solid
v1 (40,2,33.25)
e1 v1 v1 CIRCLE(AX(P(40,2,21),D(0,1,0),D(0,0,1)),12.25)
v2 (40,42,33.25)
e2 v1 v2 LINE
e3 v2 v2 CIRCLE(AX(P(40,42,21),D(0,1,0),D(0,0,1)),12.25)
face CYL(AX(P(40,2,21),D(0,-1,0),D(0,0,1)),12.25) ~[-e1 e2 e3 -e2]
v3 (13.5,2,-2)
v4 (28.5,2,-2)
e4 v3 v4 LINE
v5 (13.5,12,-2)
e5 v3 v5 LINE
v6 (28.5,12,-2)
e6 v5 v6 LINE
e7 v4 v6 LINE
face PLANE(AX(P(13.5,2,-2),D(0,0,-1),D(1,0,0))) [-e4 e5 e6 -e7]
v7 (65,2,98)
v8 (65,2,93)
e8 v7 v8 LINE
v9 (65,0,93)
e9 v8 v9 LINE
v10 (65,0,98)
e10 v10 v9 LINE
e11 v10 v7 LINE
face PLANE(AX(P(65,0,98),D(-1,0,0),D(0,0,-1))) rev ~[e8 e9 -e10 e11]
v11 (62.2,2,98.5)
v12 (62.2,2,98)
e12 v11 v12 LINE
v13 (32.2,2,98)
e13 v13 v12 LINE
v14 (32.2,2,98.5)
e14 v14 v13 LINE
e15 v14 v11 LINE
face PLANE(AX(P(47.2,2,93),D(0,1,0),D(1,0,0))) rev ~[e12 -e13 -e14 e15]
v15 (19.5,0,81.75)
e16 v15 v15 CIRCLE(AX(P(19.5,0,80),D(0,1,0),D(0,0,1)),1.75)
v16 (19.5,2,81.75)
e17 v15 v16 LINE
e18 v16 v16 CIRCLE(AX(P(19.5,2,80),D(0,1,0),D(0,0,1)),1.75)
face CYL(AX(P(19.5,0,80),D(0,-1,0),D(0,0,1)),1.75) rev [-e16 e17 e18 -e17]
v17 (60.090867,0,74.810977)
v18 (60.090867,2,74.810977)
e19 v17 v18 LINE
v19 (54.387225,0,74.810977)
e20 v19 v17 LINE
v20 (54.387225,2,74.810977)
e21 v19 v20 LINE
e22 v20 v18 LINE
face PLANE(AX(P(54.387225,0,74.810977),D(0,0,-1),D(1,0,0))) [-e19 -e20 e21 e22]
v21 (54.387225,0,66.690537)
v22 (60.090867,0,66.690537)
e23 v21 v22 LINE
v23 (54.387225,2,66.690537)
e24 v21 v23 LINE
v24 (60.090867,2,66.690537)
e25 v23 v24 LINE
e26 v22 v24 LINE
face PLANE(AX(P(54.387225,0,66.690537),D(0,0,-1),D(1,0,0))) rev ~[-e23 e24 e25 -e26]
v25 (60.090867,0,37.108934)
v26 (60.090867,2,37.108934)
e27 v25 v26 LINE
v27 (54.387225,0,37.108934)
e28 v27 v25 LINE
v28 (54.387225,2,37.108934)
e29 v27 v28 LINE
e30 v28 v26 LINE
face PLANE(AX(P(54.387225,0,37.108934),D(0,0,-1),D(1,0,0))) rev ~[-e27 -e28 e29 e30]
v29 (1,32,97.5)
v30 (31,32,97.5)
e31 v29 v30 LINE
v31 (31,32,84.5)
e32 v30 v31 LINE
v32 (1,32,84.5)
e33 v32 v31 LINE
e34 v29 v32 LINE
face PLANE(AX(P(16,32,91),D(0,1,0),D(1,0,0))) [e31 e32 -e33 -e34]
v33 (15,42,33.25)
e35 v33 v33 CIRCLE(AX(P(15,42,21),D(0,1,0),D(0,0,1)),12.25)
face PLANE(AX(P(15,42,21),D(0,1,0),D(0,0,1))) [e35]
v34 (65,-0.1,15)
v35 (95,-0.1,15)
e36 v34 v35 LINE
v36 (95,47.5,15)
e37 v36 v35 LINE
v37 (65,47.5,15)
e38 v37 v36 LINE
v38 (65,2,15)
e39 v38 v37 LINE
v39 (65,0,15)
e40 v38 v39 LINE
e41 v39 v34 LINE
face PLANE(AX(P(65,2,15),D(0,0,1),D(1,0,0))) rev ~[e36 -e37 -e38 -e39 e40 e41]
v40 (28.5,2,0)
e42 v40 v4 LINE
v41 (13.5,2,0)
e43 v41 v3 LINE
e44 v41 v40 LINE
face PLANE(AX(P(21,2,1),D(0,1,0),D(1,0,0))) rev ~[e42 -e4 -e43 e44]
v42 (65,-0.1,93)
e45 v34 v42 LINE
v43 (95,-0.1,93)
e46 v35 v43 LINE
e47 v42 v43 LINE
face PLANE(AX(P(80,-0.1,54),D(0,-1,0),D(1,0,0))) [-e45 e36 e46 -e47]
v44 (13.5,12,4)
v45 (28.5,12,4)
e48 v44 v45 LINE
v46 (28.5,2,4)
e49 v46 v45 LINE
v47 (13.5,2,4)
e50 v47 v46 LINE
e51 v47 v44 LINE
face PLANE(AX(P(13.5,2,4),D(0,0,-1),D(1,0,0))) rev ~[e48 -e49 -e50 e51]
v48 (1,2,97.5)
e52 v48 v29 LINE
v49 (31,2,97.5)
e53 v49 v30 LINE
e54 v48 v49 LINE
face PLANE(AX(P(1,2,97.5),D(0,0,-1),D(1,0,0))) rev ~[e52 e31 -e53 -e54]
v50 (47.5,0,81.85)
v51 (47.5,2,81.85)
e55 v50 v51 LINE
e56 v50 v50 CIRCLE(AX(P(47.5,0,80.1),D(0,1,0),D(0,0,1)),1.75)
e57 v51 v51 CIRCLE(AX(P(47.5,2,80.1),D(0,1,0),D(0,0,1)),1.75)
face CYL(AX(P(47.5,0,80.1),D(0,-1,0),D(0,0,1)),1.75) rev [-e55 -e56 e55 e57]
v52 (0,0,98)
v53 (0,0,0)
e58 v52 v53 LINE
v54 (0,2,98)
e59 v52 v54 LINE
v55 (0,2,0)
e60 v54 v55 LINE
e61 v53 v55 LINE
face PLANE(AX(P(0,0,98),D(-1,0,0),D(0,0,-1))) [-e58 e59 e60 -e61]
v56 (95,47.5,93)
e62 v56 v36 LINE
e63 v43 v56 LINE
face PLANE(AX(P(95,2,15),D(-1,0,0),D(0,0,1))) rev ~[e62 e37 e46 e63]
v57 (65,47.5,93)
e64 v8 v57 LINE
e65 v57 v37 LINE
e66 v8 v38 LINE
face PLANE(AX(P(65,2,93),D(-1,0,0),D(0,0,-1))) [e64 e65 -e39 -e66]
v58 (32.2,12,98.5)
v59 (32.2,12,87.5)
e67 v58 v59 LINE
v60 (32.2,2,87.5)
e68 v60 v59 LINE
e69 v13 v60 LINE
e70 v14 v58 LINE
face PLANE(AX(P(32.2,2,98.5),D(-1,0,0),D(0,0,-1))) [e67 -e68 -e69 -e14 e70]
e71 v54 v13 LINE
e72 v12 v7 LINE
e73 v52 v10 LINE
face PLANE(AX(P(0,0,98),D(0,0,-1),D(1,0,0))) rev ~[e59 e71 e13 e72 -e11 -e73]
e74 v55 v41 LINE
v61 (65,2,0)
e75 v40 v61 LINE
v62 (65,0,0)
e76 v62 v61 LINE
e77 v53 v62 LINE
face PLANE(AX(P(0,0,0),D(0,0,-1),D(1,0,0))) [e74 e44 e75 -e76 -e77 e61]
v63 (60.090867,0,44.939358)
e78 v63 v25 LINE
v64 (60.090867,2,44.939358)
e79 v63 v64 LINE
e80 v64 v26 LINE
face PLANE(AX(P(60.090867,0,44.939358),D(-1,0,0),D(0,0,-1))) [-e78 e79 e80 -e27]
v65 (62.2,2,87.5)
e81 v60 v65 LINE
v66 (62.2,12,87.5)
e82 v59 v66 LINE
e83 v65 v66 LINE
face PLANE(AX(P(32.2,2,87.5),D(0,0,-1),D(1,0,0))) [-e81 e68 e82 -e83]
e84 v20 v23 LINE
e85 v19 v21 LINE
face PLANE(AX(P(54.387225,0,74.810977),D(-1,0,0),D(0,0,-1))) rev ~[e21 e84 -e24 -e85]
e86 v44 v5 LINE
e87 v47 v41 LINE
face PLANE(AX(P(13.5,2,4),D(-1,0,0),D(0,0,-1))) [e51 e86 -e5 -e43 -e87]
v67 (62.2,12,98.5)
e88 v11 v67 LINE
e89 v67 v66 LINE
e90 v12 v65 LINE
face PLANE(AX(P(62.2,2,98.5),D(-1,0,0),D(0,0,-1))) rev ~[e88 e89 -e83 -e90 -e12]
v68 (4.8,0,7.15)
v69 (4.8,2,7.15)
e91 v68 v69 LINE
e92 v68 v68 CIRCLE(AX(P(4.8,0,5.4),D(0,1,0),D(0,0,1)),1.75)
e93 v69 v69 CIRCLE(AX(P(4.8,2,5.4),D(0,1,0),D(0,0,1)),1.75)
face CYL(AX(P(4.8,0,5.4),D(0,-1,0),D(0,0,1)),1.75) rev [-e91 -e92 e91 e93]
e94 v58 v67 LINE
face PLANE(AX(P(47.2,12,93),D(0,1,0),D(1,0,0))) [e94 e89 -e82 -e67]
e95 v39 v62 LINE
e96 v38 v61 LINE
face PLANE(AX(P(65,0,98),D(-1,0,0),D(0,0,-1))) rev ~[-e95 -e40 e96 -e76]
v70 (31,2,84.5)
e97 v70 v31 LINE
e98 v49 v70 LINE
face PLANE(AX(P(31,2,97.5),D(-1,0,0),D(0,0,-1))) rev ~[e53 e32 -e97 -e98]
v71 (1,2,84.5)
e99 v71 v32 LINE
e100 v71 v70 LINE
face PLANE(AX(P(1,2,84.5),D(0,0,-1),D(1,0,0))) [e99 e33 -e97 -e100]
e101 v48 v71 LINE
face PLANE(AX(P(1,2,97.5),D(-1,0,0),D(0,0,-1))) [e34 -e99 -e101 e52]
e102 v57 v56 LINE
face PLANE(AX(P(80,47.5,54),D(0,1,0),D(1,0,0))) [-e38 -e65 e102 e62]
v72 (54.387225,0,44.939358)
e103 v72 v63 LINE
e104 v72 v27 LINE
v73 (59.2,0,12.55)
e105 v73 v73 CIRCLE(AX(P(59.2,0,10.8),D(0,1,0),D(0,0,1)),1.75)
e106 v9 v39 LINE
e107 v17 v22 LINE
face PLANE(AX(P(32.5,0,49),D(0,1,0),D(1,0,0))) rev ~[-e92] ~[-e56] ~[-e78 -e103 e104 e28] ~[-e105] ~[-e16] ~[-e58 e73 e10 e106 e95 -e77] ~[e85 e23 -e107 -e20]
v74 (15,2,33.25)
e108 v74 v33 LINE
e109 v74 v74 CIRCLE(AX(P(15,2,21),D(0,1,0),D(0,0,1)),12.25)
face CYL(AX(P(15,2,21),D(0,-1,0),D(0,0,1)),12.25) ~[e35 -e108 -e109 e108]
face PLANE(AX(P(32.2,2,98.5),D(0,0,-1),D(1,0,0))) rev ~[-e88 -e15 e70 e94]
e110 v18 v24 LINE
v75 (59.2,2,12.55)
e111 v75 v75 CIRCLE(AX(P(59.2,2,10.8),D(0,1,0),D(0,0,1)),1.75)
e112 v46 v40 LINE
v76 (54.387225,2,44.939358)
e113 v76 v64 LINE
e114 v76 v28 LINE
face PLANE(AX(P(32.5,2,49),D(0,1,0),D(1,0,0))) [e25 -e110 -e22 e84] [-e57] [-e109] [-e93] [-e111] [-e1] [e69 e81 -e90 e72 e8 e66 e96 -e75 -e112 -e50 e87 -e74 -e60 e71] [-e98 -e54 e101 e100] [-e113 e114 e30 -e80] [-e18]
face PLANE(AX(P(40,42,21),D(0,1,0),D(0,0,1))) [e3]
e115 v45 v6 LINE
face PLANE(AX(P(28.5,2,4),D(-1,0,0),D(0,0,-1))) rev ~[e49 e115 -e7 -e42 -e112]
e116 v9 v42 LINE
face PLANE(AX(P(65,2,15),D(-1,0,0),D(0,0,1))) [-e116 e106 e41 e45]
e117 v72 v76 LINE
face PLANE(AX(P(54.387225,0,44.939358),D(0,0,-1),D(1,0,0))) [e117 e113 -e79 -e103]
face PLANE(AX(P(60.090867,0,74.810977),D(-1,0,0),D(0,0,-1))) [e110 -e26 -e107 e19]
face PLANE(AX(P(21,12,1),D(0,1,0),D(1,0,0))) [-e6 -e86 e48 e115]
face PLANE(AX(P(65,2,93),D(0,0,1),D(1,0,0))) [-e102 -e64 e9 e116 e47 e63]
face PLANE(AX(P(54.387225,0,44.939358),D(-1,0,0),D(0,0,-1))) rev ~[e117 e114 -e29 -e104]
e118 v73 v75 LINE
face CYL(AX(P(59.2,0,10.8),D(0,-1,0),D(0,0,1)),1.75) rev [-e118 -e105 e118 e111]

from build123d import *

# Parameters (mm, degrees)
SKETCH1_W           = 65
SKETCH1_H           = 98
SKETCH1_R           = 1.75
SKETCH1_W_2         = 5.703642488
SKETCH1_H_2         = 7.830424434
SKETCH1_H_3         = 8.120440153
BOSS_EXTRUDE1_DEPTH = 2
SKETCH2_W           = 15
SKETCH2_H           = 6
BOSS_EXTRUDE2_DEPTH = 10
SKETCH3_R           = 12.25
BOSS_EXTRUDE3_DEPTH = 40
SKETCH4_W           = 30
SKETCH4_H           = 13
BOSS_EXTRUDE4_DEPTH = 30
SKETCH5_W           = 30
SKETCH5_H           = 11
BOSS_EXTRUDE5_DEPTH = 10
SKETCH6_W           = 30
SKETCH6_H           = 78
BOSS_EXTRUDE6_DEPTH = 45.5
SKETCH7_W           = 30
SKETCH7_H           = 78
BOSS_EXTRUDE7_DEPTH = 2.1


with BuildPart() as part:
    # Sketch1 → Boss-Extrude1 (new body)
    with BuildSketch(Plane(origin=(0, 0, 0), x_dir=(1, 0, 0), z_dir=(0, 1, 0))):
        with Locations((32.5, -49)):
            Rectangle(SKETCH1_W, SKETCH1_H)
        with Locations(Location((4.8, -5.4, 0), (0, 0, 270))):
            Circle(SKETCH1_R, mode=Mode.SUBTRACT)
        with Locations(Location((59.2, -10.8, 0), (0, 0, 270))):
            Circle(SKETCH1_R, mode=Mode.SUBTRACT)
        with Locations(Location((19.5, -80, 0), (0, 0, 270))):
            Circle(SKETCH1_R, mode=Mode.SUBTRACT)
        with Locations(Location((47.5, -80.1, 0), (0, 0, 270))):
            Circle(SKETCH1_R, mode=Mode.SUBTRACT)
        with Locations((57.239046226, -41.024145722)):
            Rectangle(SKETCH1_W_2, SKETCH1_H_2, mode=Mode.SUBTRACT)
        with Locations((57.239046226, -70.750756999)):
            Rectangle(SKETCH1_W_2, SKETCH1_H_3, mode=Mode.SUBTRACT)
    extrude(amount=BOSS_EXTRUDE1_DEPTH)

    # Sketch2 → Boss-Extrude2 (add)
    with BuildSketch(Plane(origin=(0, 2, 0), x_dir=(1, 0, 0), z_dir=(0, 1, 0))):
        with Locations((21, -1)):
            Rectangle(SKETCH2_W, SKETCH2_H)
    extrude(amount=BOSS_EXTRUDE2_DEPTH)

    # Sketch3 → Boss-Extrude3 (add)
    with BuildSketch(Plane(origin=(0, 2, 0), x_dir=(1, 0, 0), z_dir=(0, 1, 0))):
        with Locations(Location((15, -21, 0), (0, 0, 270))):
            Circle(SKETCH3_R)
        with Locations(Location((40, -21, 0), (0, 0, 270))):
            Circle(SKETCH3_R)
    extrude(amount=BOSS_EXTRUDE3_DEPTH)

    # Sketch4 → Boss-Extrude4 (add)
    with BuildSketch(Plane(origin=(0, 2, 0), x_dir=(1, 0, 0), z_dir=(0, 1, 0))):
        with Locations((16, -91)):
            Rectangle(SKETCH4_W, SKETCH4_H)
    extrude(amount=BOSS_EXTRUDE4_DEPTH)

    # Sketch5 → Boss-Extrude5 (add)
    with BuildSketch(Plane(origin=(0, 2, 0), x_dir=(1, 0, 0), z_dir=(0, 1, 0))):
        with Locations((47.2, -93)):
            Rectangle(SKETCH5_W, SKETCH5_H)
    extrude(amount=BOSS_EXTRUDE5_DEPTH)



with BuildPart() as body_2:
    # Sketch6 → Boss-Extrude6 (new body)
    with BuildSketch(Plane(origin=(0, 2, 0), x_dir=(1, 0, 0), z_dir=(0, 1, 0))):
        with Locations((80, -54)):
            Rectangle(SKETCH6_W, SKETCH6_H)
    extrude(amount=BOSS_EXTRUDE6_DEPTH)


with BuildPart() as part_1:
    add(part.part)

    add(body_2.part)  # Boss-Extrude7 merges body 2
    # Sketch7 → Boss-Extrude7 (add)
    with BuildSketch(Plane.XZ.offset(-2)):
        with Locations((80, 54)):
            Rectangle(SKETCH7_W, SKETCH7_H)
    extrude(amount=BOSS_EXTRUDE7_DEPTH)


solid = part_1.part
